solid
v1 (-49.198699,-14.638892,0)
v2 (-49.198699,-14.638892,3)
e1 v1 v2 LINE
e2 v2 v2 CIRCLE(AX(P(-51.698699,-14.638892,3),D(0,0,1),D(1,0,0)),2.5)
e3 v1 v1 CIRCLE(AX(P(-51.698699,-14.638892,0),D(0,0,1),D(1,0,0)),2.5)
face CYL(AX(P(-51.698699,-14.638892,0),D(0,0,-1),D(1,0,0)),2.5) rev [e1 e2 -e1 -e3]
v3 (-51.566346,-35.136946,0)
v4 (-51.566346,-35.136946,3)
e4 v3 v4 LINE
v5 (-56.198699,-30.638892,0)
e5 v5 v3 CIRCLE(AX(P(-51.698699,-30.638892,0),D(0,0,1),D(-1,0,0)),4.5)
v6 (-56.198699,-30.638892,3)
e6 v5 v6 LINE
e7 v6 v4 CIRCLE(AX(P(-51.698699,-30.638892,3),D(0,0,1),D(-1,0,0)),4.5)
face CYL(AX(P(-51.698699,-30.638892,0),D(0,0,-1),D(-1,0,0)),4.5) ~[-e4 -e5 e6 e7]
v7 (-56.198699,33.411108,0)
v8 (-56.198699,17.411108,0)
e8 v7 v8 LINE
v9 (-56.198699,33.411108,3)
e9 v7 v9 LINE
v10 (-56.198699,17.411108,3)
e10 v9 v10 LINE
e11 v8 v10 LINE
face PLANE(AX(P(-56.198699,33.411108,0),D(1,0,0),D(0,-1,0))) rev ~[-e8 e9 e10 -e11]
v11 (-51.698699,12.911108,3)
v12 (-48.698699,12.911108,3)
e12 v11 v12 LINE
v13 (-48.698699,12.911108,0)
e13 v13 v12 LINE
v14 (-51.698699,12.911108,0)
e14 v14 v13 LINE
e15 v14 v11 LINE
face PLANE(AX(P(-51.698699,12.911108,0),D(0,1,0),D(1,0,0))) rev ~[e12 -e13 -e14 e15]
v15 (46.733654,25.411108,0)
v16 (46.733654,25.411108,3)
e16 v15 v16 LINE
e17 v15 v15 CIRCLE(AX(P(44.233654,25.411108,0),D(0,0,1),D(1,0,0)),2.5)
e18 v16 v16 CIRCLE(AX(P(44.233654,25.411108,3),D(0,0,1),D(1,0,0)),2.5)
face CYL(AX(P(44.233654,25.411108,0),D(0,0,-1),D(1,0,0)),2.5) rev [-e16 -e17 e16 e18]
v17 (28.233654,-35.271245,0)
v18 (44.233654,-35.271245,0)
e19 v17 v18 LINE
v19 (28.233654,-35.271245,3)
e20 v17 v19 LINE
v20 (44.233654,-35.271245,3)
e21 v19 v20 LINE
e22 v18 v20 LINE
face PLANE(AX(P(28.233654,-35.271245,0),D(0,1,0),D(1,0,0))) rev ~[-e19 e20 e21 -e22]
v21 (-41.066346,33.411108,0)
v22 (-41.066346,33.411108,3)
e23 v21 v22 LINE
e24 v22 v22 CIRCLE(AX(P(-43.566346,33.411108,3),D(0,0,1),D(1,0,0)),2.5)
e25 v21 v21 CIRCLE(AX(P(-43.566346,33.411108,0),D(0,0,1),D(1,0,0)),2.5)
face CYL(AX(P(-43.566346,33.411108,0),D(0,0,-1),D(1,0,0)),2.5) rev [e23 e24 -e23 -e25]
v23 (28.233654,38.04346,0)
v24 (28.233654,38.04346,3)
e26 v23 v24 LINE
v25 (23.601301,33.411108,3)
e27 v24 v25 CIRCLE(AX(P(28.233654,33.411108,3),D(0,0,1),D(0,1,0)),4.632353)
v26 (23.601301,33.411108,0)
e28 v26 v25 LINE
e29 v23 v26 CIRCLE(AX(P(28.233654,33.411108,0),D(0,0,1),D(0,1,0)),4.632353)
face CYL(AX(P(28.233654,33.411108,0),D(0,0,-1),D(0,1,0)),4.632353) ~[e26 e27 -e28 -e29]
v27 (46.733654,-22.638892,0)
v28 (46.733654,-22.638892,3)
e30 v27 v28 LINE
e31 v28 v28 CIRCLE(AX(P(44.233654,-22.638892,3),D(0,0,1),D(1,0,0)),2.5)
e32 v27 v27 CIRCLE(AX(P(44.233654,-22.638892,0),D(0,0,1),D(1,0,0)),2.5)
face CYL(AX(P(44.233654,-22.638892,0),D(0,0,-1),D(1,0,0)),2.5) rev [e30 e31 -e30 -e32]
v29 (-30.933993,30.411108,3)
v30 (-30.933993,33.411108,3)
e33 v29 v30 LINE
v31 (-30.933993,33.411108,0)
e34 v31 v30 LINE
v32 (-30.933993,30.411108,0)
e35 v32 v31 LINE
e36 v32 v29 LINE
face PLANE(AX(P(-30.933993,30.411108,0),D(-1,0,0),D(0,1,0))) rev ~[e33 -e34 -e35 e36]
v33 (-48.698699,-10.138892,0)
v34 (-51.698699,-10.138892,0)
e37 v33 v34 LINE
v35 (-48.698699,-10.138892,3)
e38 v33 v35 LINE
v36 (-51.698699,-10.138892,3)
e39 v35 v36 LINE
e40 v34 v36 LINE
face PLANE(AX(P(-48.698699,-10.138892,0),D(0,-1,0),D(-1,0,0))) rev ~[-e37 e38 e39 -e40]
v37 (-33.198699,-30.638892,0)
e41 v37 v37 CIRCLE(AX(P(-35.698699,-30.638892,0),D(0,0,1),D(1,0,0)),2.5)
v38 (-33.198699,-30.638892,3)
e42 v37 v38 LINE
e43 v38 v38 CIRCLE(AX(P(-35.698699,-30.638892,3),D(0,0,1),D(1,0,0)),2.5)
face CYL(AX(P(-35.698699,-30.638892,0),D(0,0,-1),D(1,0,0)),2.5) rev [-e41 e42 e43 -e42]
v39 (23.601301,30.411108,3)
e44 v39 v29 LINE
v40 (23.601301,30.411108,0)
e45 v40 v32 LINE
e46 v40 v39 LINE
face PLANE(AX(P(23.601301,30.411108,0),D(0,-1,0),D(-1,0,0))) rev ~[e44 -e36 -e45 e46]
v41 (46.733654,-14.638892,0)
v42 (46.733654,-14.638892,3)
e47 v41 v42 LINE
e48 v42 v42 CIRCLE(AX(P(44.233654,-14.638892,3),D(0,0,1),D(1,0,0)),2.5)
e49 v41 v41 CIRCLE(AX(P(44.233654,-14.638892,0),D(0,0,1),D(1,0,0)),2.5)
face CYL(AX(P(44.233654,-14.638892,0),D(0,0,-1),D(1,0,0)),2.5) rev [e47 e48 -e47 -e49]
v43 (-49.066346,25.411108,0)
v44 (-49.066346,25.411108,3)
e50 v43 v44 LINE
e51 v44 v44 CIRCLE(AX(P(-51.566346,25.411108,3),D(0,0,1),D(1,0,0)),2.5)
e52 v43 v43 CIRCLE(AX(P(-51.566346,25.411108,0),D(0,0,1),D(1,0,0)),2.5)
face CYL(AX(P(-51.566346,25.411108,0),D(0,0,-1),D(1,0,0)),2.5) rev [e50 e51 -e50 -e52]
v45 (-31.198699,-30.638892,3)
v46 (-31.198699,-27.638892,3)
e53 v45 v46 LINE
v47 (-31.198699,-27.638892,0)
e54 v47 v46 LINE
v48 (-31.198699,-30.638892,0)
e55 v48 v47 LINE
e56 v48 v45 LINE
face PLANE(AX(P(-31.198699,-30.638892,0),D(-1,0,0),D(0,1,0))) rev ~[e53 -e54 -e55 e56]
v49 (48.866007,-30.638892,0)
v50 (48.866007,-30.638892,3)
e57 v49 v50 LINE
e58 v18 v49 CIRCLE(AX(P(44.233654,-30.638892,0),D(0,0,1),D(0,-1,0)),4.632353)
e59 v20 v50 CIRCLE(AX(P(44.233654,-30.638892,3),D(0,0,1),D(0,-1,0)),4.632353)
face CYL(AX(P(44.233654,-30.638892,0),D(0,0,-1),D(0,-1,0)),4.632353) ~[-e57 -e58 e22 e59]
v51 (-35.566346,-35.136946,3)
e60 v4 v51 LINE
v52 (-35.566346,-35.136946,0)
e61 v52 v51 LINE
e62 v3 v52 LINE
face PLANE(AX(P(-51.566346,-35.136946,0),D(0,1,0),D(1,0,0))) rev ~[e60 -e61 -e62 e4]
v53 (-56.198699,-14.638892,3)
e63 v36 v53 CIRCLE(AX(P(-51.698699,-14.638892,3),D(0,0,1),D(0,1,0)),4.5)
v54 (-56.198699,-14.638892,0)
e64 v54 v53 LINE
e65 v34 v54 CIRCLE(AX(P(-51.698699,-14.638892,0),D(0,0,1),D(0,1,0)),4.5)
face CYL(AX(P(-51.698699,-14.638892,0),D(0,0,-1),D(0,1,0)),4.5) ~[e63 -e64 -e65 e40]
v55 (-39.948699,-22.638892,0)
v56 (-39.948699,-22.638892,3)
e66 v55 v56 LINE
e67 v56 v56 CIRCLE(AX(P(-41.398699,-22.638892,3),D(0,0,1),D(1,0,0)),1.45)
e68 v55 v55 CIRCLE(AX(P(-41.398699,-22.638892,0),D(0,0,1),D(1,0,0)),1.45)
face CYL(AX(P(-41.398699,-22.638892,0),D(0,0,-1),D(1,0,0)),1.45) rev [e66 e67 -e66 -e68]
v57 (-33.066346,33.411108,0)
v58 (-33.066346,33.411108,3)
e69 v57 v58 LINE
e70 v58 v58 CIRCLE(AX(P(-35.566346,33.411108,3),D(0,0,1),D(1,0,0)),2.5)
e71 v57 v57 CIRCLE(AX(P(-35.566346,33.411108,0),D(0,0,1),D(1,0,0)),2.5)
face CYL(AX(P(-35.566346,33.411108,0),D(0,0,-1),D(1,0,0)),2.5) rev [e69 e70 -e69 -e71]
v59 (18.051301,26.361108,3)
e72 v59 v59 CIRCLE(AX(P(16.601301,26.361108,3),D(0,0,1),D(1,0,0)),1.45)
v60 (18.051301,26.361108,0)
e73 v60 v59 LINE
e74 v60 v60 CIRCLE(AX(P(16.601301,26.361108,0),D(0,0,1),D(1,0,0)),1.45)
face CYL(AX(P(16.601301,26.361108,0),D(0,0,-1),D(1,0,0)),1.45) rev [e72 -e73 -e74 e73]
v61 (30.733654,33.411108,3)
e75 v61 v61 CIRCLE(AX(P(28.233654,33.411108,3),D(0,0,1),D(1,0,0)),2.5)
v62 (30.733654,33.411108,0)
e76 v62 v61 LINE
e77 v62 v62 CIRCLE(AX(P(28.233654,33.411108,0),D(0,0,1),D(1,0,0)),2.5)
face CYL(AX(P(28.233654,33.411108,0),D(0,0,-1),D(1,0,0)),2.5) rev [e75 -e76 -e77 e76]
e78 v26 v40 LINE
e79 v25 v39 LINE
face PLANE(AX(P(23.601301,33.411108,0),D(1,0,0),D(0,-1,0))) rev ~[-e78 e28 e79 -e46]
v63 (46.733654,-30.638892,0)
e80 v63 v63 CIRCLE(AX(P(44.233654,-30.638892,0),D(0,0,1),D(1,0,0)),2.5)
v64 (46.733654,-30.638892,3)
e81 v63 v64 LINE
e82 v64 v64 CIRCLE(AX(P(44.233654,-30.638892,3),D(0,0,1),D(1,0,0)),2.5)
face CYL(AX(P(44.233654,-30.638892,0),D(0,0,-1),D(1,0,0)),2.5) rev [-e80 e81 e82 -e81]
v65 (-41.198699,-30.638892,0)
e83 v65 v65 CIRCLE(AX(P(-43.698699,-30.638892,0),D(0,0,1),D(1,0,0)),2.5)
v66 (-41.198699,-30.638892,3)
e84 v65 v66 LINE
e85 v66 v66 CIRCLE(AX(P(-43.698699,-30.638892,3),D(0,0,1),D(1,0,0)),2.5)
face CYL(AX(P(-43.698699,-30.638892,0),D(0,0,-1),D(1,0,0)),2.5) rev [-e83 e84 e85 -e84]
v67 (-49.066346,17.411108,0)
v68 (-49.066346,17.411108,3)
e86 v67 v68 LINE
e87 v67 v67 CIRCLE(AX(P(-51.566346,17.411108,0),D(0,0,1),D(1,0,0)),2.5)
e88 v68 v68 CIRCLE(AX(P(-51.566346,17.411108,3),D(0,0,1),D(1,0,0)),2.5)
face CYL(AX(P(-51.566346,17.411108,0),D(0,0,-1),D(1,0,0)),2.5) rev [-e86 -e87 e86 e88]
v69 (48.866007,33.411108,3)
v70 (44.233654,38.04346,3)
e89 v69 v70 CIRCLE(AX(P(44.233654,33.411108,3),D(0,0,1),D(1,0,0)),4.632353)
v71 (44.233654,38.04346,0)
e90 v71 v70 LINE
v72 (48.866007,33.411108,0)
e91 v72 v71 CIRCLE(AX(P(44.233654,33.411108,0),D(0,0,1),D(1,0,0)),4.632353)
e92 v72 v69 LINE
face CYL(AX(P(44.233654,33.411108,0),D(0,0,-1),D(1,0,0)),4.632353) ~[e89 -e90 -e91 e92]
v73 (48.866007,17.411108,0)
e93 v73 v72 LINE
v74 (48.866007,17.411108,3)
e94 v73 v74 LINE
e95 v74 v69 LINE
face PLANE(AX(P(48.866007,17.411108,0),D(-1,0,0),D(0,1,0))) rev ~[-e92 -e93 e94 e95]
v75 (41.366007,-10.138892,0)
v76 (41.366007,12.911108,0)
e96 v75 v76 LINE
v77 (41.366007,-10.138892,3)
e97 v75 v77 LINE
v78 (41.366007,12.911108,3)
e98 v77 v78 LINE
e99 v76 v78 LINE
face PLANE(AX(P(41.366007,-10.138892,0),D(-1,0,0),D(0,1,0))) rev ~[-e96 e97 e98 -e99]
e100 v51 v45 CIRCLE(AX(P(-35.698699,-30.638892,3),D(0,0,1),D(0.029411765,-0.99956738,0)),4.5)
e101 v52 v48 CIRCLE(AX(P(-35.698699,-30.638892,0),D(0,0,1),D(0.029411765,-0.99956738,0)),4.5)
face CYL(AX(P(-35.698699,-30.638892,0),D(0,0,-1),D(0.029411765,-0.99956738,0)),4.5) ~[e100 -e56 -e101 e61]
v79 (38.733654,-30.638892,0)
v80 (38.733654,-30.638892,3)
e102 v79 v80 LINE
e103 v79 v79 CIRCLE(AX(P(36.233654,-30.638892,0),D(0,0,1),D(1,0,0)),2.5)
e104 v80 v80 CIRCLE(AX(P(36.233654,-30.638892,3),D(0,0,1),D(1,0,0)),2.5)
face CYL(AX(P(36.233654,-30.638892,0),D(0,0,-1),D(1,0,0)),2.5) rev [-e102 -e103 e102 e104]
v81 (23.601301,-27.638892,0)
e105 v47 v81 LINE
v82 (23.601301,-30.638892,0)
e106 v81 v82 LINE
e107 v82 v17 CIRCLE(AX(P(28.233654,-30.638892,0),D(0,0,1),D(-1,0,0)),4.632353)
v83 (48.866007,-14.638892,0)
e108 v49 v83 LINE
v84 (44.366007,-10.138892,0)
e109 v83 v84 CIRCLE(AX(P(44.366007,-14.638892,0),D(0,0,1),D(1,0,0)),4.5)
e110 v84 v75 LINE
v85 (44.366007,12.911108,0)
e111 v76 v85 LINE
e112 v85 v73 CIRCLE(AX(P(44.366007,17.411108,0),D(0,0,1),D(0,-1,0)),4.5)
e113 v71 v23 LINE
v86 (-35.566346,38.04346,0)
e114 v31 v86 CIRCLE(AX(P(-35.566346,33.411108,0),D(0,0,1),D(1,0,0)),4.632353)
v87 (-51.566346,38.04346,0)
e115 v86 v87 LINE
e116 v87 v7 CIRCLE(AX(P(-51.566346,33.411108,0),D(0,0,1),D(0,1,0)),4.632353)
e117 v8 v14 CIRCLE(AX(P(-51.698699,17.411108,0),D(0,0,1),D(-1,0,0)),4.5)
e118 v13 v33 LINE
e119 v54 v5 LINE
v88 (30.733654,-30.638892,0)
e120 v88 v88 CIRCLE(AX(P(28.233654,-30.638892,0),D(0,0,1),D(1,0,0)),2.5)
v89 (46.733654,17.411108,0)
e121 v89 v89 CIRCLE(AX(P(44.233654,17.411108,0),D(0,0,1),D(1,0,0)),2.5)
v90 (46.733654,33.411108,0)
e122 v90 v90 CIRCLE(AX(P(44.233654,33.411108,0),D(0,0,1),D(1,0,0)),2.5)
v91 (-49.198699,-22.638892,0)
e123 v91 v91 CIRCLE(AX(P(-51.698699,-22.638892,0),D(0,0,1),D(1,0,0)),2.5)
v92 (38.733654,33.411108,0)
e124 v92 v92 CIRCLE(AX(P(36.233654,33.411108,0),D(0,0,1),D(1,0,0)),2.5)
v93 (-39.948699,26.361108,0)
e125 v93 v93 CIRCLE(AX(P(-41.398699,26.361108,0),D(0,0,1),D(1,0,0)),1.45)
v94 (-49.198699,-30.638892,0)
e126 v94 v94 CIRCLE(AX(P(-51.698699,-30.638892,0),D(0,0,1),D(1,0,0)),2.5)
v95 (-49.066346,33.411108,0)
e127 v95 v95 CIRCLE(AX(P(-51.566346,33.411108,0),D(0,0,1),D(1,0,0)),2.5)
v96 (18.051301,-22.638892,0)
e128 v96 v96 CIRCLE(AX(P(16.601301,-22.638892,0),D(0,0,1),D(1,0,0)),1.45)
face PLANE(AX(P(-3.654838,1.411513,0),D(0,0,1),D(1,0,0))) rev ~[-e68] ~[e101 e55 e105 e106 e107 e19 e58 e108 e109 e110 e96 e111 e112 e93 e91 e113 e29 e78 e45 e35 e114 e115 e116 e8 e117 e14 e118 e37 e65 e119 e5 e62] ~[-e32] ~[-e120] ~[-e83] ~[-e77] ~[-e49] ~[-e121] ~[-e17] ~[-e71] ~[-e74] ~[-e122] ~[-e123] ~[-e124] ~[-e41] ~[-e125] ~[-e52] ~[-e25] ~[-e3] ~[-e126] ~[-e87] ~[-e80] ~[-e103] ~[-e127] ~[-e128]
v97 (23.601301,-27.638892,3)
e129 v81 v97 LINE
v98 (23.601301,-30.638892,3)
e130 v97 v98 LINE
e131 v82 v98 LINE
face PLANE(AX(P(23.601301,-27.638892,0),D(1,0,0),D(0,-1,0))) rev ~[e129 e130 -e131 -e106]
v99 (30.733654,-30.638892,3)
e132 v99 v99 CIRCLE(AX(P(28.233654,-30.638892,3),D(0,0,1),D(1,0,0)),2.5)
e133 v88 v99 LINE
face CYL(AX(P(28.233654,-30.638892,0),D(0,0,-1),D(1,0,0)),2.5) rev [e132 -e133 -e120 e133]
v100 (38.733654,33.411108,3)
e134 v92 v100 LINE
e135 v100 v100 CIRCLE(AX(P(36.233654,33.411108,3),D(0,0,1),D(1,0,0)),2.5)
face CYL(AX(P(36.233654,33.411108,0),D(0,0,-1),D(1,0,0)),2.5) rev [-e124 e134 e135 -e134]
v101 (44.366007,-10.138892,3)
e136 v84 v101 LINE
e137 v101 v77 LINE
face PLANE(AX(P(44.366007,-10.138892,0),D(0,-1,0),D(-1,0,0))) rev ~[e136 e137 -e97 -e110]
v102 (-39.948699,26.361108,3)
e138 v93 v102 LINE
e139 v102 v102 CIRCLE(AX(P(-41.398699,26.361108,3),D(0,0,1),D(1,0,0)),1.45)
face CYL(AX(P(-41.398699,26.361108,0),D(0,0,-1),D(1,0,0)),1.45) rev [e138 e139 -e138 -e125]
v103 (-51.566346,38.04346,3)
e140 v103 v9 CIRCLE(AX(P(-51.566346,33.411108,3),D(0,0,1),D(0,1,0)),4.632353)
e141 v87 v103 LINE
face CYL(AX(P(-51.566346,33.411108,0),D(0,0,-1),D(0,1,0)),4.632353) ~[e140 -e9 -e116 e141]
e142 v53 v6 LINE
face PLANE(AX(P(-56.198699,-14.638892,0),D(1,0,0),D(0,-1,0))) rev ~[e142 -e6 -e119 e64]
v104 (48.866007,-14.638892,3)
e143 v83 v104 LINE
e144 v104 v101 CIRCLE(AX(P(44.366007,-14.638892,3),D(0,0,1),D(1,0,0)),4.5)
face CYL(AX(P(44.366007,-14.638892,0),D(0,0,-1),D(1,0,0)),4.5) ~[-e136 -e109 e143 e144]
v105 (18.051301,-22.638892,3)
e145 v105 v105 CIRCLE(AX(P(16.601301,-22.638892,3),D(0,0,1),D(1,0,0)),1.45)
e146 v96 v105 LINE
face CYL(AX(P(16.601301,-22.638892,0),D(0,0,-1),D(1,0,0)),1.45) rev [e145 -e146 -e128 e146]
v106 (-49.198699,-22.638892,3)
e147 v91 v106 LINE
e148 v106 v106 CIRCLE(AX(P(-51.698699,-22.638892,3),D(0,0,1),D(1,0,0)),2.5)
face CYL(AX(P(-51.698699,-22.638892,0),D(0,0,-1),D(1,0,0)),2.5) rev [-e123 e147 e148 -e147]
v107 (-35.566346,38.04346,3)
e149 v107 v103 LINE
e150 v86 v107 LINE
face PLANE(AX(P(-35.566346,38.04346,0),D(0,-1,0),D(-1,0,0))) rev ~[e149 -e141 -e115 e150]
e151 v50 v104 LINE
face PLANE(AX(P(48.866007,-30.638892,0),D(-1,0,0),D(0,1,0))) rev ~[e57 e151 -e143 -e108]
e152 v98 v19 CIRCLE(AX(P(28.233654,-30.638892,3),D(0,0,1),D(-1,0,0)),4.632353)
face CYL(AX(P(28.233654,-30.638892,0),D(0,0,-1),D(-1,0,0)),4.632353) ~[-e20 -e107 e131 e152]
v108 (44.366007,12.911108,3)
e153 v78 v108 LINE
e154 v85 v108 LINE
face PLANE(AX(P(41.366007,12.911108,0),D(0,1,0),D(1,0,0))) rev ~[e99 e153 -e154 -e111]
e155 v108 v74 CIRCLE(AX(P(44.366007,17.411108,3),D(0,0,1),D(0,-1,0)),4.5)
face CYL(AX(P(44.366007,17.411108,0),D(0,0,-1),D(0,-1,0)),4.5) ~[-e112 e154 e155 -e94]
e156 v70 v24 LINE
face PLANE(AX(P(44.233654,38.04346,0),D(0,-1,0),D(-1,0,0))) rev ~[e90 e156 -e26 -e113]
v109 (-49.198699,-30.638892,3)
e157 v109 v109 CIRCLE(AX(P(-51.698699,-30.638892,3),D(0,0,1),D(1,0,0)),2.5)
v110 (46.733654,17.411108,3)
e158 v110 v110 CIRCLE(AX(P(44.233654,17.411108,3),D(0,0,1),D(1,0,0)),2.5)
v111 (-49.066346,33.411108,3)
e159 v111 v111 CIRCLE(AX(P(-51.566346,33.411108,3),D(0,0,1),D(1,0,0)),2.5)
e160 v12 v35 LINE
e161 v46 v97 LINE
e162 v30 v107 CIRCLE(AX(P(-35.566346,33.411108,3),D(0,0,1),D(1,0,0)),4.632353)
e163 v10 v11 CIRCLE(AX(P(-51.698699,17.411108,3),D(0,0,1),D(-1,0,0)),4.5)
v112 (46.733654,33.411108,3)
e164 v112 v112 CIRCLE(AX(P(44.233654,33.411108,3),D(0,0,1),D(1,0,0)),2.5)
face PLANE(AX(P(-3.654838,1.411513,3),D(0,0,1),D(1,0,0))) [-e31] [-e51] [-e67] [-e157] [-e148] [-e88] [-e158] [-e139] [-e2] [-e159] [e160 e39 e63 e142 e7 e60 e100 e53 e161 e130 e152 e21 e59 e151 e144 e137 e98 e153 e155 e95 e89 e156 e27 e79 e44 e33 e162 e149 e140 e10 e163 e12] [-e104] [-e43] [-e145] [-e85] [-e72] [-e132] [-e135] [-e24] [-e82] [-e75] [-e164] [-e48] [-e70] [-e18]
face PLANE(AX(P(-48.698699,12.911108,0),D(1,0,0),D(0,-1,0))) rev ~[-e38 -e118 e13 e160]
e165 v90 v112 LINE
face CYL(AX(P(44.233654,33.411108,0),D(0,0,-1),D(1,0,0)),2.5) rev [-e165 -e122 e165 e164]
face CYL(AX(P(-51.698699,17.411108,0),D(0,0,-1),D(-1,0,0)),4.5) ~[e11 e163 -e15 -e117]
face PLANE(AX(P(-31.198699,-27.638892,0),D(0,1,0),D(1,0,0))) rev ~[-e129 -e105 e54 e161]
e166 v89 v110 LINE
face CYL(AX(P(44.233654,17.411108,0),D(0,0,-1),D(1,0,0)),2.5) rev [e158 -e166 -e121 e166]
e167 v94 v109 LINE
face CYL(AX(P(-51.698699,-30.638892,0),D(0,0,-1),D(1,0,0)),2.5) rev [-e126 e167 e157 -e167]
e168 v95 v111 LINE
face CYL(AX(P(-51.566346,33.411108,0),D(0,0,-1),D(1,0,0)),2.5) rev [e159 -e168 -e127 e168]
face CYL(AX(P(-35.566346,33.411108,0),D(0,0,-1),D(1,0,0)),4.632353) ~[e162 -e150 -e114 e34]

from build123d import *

# Parameters (mm, degrees)
SKETCH_1_R      = 2.5
SKETCH_1_R_2    = 1.45
EXTRUDE_2_DEPTH = 3


with BuildPart() as part:
    # 草圖1 → 填料-伸長2 (new body)
    with BuildSketch(Plane.XY):
        with BuildLine():
            ThreePointArc((-56.198698673, 17.411107553), (-54.880679188, 14.229127038), (-51.698698673, 12.911107553))
            Line((-51.698698673, 12.911107553), (-48.698698673, 12.911107553))
            Line((-48.698698673, 12.911107553), (-48.698698673, -10.138892447))
            Line((-48.698698673, -10.138892447), (-51.698698673, -10.138892447))
            ThreePointArc((-51.698698673, -10.138892447), (-54.880679188, -11.456911932), (-56.198698673, -14.638892447))
            Line((-56.198698673, -14.638892447), (-56.198698673, -30.638892447))
            ThreePointArc((-56.198698673, -30.638892447), (-54.83353613, -33.86732769), (-51.566345732, -35.136945659))
            Line((-51.566345732, -35.136945659), (-35.566345732, -35.136945659))
            ThreePointArc((-35.566345732, -35.136945659), (-32.47026343, -33.773729904), (-31.198698673, -30.638892447))
            Line((-31.198698673, -30.638892447), (-31.198698673, -27.638892447))
            Line((-31.198698673, -27.638892447), (23.601301327, -27.638892447))
            Line((23.601301327, -27.638892447), (23.601301327, -30.638892447))
            ThreePointArc((23.601301327, -30.638892447), (24.958086091, -33.914460625), (28.233654268, -35.271245388))
            Line((28.233654268, -35.271245388), (44.233654268, -35.271245388))
            ThreePointArc((44.233654268, -35.271245388), (47.509222446, -33.914460625), (48.866007209, -30.638892447))
            Line((48.866007209, -30.638892447), (48.866007209, -14.638892447))
            ThreePointArc((48.866007209, -14.638892447), (47.547987725, -11.456911932), (44.366007209, -10.138892447))
            Line((44.366007209, -10.138892447), (41.366007209, -10.138892447))
            Line((41.366007209, -10.138892447), (41.366007209, 12.911107553))
            Line((41.366007209, 12.911107553), (44.366007209, 12.911107553))
            ThreePointArc((44.366007209, 12.911107553), (47.547987725, 14.229127038), (48.866007209, 17.411107553))
            Line((48.866007209, 17.411107553), (48.866007209, 33.411107553))
            ThreePointArc((48.866007209, 33.411107553), (47.509222446, 36.686675731), (44.233654268, 38.043460494))
            Line((44.233654268, 38.043460494), (28.233654268, 38.043460494))
            ThreePointArc((28.233654268, 38.043460494), (24.958086091, 36.686675731), (23.601301327, 33.411107553))
            Line((23.601301327, 33.411107553), (23.601301327, 30.411107553))
            Line((23.601301327, 30.411107553), (-30.933992791, 30.411107553))
            Line((-30.933992791, 30.411107553), (-30.933992791, 33.411107553))
            ThreePointArc((-30.933992791, 33.411107553), (-32.290777554, 36.686675731), (-35.566345732, 38.043460494))
            Line((-35.566345732, 38.043460494), (-51.566345732, 38.043460494))
            ThreePointArc((-51.566345732, 38.043460494), (-54.841913909, 36.686675731), (-56.198698673, 33.411107553))
            Line((-56.198698673, 33.411107553), (-56.198698673, 17.411107553))
        make_face()
        with Locations((-51.698698673, -30.638892447)):
            Circle(SKETCH_1_R, mode=Mode.SUBTRACT)
        with Locations((-43.698698673, -30.638892447)):
            Circle(SKETCH_1_R, mode=Mode.SUBTRACT)
        with Locations((-35.698698673, -30.638892447)):
            Circle(SKETCH_1_R, mode=Mode.SUBTRACT)
        with Locations((-51.698698673, -22.638892447)):
            Circle(SKETCH_1_R, mode=Mode.SUBTRACT)
        with Locations((-41.398698673, -22.638892447)):
            Circle(SKETCH_1_R_2, mode=Mode.SUBTRACT)
        with Locations((-51.698698673, -14.638892447)):
            Circle(SKETCH_1_R, mode=Mode.SUBTRACT)
        with Locations((16.601301327, -22.638892447)):
            Circle(SKETCH_1_R_2, mode=Mode.SUBTRACT)
        with Locations((28.233654268, -30.638892447)):
            Circle(SKETCH_1_R, mode=Mode.SUBTRACT)
        with Locations((36.233654268, -30.638892447)):
            Circle(SKETCH_1_R, mode=Mode.SUBTRACT)
        with Locations((44.233654268, -30.638892447)):
            Circle(SKETCH_1_R, mode=Mode.SUBTRACT)
        with Locations((44.233654268, -22.638892447)):
            Circle(SKETCH_1_R, mode=Mode.SUBTRACT)
        with Locations((44.233654268, -14.638892447)):
            Circle(SKETCH_1_R, mode=Mode.SUBTRACT)
        with Locations((-51.566345732, 17.411107553)):
            Circle(SKETCH_1_R, mode=Mode.SUBTRACT)
        with Locations((-51.566345732, 25.411107553)):
            Circle(SKETCH_1_R, mode=Mode.SUBTRACT)
        with Locations((-41.398698673, 26.361107553)):
            Circle(SKETCH_1_R_2, mode=Mode.SUBTRACT)
        with Locations((-51.566345732, 33.411107553)):
            Circle(SKETCH_1_R, mode=Mode.SUBTRACT)
        with Locations((-43.566345732, 33.411107553)):
            Circle(SKETCH_1_R, mode=Mode.SUBTRACT)
        with Locations((-35.566345732, 33.411107553)):
            Circle(SKETCH_1_R, mode=Mode.SUBTRACT)
        with Locations((44.233654268, 17.411107553)):
            Circle(SKETCH_1_R, mode=Mode.SUBTRACT)
        with Locations((16.601301327, 26.361107553)):
            Circle(SKETCH_1_R_2, mode=Mode.SUBTRACT)
        with Locations((44.233654268, 25.411107553)):
            Circle(SKETCH_1_R, mode=Mode.SUBTRACT)
        with Locations((28.233654268, 33.411107553)):
            Circle(SKETCH_1_R, mode=Mode.SUBTRACT)
        with Locations((36.233654268, 33.411107553)):
            Circle(SKETCH_1_R, mode=Mode.SUBTRACT)
        with Locations((44.233654268, 33.411107553)):
            Circle(SKETCH_1_R, mode=Mode.SUBTRACT)
    extrude(amount=EXTRUDE_2_DEPTH)


solid = part.part
